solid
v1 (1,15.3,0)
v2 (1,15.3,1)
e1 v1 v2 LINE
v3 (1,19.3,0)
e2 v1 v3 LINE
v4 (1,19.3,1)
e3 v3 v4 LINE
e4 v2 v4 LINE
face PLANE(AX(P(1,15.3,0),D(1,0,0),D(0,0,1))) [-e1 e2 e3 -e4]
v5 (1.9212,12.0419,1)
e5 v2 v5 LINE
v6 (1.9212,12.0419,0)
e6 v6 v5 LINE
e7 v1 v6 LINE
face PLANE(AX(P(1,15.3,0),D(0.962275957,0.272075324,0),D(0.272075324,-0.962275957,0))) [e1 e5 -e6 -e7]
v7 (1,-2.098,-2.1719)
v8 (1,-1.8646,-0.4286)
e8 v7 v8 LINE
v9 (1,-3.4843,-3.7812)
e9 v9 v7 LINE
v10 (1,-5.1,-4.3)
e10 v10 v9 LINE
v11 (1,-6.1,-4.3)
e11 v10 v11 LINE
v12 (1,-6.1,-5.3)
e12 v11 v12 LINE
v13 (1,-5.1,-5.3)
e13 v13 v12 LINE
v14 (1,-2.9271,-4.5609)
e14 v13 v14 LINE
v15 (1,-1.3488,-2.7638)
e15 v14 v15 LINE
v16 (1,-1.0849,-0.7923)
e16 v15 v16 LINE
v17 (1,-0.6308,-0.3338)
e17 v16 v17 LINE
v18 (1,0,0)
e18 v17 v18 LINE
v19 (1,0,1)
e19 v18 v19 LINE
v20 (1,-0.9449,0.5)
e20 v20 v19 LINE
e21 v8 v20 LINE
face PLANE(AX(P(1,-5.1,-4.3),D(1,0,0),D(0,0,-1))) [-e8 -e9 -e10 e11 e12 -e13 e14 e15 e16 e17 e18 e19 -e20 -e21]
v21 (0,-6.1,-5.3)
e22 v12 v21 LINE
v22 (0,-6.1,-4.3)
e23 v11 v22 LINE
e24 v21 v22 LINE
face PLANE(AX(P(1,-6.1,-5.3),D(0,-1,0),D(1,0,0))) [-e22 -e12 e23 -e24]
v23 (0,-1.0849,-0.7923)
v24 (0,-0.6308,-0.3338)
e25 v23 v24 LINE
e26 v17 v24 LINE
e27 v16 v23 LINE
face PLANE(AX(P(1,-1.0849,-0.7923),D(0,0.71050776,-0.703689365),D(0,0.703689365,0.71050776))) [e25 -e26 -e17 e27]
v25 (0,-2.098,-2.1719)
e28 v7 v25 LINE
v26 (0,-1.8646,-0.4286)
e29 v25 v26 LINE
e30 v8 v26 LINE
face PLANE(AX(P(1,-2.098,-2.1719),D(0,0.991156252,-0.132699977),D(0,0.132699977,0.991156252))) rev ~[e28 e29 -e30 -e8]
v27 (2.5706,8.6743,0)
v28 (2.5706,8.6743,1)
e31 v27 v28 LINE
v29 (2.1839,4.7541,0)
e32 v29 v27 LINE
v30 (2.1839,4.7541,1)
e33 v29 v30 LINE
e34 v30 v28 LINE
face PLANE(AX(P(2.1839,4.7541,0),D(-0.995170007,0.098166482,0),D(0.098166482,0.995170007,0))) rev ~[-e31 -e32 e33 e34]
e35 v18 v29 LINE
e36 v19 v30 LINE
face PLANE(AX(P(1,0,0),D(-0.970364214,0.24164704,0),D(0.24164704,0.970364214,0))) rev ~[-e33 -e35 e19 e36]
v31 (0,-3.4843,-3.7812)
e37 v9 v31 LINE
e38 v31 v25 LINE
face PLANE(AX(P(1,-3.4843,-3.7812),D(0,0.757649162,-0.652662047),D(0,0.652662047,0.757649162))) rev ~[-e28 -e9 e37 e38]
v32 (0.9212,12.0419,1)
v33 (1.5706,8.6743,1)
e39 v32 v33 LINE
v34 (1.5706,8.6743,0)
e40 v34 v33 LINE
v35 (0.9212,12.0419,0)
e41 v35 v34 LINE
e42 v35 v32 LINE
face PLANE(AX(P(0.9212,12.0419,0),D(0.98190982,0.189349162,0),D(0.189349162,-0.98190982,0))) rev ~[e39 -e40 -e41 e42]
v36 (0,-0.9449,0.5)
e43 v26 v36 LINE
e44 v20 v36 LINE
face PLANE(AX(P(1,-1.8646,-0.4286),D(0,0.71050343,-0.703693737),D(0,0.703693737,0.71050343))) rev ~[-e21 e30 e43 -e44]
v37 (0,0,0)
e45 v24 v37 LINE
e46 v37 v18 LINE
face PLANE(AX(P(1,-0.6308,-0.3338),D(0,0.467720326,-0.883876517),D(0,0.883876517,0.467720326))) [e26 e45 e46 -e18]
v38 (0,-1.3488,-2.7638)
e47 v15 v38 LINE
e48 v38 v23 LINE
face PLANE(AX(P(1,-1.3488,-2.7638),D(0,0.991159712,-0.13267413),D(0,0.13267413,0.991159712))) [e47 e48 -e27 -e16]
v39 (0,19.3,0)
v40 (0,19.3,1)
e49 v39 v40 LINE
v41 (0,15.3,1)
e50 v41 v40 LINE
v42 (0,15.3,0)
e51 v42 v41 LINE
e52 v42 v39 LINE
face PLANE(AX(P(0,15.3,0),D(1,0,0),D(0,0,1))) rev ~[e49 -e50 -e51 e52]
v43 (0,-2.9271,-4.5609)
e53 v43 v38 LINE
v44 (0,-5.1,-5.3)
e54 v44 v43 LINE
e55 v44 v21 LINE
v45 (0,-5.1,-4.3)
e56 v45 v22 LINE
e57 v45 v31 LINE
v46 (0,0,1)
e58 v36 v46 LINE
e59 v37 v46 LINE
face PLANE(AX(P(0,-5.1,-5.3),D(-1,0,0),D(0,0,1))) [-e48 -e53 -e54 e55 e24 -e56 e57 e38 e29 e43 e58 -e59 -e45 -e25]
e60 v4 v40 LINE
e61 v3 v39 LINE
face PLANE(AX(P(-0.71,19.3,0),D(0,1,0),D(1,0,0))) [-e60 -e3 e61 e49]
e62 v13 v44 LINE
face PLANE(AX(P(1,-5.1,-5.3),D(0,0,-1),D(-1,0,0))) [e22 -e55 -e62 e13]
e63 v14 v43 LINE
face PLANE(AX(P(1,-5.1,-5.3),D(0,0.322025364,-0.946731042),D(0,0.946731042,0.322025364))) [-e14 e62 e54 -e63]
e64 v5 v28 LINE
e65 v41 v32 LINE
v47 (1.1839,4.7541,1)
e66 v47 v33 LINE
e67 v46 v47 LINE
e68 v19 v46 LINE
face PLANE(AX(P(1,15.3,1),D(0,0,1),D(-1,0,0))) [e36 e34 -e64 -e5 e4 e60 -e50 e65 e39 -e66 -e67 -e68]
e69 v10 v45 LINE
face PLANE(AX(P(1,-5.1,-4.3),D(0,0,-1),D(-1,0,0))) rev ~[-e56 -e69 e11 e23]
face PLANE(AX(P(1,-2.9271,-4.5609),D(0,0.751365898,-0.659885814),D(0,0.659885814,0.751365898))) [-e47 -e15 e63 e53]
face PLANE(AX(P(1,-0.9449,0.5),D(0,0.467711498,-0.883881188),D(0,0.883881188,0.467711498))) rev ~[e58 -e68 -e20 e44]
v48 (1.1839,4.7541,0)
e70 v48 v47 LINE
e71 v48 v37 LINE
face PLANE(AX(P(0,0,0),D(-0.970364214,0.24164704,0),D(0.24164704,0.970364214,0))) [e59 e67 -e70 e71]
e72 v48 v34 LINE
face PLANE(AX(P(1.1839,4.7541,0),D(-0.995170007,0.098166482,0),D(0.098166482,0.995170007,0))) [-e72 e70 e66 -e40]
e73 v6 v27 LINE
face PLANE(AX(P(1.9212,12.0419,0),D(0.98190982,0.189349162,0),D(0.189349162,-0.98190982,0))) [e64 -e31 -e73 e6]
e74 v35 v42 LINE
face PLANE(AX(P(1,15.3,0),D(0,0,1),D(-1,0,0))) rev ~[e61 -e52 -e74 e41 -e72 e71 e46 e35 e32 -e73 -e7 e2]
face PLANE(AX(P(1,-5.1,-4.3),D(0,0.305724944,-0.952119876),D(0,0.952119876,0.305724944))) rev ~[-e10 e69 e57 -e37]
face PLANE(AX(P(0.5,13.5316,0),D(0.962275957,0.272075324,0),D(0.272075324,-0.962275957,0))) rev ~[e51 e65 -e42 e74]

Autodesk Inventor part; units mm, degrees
ref_plane "YZ Plane" through (0, 0, 0) normal (1, 0, 0) x (0, 1, 0)
ref_plane "XZ Plane" through (0, 0, 0) normal (0, 1, 0) x (-1, 0, 0)
ref_plane "XY Plane" through (0, 0, 0) normal (0, 0, 1) x (1, 0, 0)
sketch "Sketch1" plane through (0, 0, 0) normal (0, 0, 1) x (1, 0, 0)
  line L0 (0, 0) -> (1, 0)
  line L1 (0.5, 0) -> (0.5, 15.3)
  line L2 (0.5, 0) -> (15.8, 0) construction
  line L3 (0, 15.3) -> (1, 15.3)
  line L4 (1, 0) -> (2.1839, 4.7541)
  line L5 (2.1839, 4.7541) -> (2.5706, 8.6743)
  line L6 (1, 15.3) -> (1.9212, 12.0419)
  line L7 (1.9212, 12.0419) -> (2.5706, 8.6743)
  line L8 (0, 15.3) -> (0.9212, 12.0419)
  line L9 (0.9212, 12.0419) -> (1.5706, 8.6743)
  line L10 (1.1839, 4.7541) -> (1.5706, 8.6743)
  line L11 (0, 0) -> (1.1839, 4.7541)
  point P0 (0.5, 0)
  point P1 (0.5, 15.3)
  dimension "d0" = 1
  dimension "d1" = 15.3
  dimension "d2" = 90
  dimension "d4" = 0
  dimension "d5" = 1
  dimension "d6" = 0.5
extrude "Extrusion1" add sketch "Sketch1" along normal blind 1 contours L11 L1 L0 | L1 L11 L10 L9 L8 L3 L6 L7 L5 L4 L0 | L8 L3 L1
sketch "Sketch2" plane through (-0.71, 15.3, 0) normal (0, 1, 0) x (1, 0, 0)
  line L0 (1.71, 0) -> (0.71, 0) projected
  line L1 (1.71, -1) -> (0.71, -1) projected
  line L2 (1.71, 0) -> (1.71, -1) projected
  line L3 (0.71, 0) -> (0.71, -1) projected
extrude "Extrusion2" add sketch "Sketch2" along normal blind 4
sketch "Sketch4" plane through (1, 15.3, 0) normal (1, 0, 0) x (0, 0, -1)
  line L0 (-1, 4) -> (0, 4) projected
  line L1 (-1, -15.3) -> (0, -15.3)
  line L2 (4.3, -20.4) -> (3.7812, -18.7843)
  line L3 (3.7812, -18.7843) -> (2.1719, -17.398)
  line L4 (2.1719, -17.398) -> (0.4286, -17.1646)
  line L5 (0.4286, -17.1646) -> (-0.5, -16.2449)
  line L6 (-0.5, -16.2449) -> (-1, -15.3)
  line L7 (5.3, -20.4) -> (4.5609, -18.2271)
  line L8 (4.5609, -18.2271) -> (2.7638, -16.6488)
  line L9 (2.7638, -16.6488) -> (0.7923, -16.3849)
  line L10 (0.7923, -16.3849) -> (0.3338, -15.9308)
  line L11 (0.3338, -15.9308) -> (0, -15.3)
  line L12 (4.3, -20.4) -> (5.3, -20.4)
  line L13 (0, -15.3) -> (-1, -15.3) projected
  point P0 (0, 3)
  point P1 (0, -15.3)
  dimension "d13" = 1
  dimension "d22" = 5.1
  dimension "d23" = 5.1
  dimension "d24" = 5.3
  dimension "d25" = 5.3
  dimension "d28" = 0
  dimension "d29" = 0
extrude "Extrusion4" add sketch "Sketch4" against normal blind 1
sketch "Sketch6" plane through (1, -5.1, -5.3) normal (0, -1, 0) x (1, 0, 0)
  line L0 (0, 1) -> (0, 0) projected
  line L1 (0, 1) -> (-1, 1) projected
  line L2 (-1, 0) -> (-1, 1) projected
  line L3 (0, 0) -> (-1, 0) projected
  point P0 (-1, 5.3)
extrude "Extrusion6" add sketch "Sketch6" along normal blind 1
equation "\"d23\" = d22"
equation "\"d25\" = d24"
properties part number "jst-vh-2p_wire"
